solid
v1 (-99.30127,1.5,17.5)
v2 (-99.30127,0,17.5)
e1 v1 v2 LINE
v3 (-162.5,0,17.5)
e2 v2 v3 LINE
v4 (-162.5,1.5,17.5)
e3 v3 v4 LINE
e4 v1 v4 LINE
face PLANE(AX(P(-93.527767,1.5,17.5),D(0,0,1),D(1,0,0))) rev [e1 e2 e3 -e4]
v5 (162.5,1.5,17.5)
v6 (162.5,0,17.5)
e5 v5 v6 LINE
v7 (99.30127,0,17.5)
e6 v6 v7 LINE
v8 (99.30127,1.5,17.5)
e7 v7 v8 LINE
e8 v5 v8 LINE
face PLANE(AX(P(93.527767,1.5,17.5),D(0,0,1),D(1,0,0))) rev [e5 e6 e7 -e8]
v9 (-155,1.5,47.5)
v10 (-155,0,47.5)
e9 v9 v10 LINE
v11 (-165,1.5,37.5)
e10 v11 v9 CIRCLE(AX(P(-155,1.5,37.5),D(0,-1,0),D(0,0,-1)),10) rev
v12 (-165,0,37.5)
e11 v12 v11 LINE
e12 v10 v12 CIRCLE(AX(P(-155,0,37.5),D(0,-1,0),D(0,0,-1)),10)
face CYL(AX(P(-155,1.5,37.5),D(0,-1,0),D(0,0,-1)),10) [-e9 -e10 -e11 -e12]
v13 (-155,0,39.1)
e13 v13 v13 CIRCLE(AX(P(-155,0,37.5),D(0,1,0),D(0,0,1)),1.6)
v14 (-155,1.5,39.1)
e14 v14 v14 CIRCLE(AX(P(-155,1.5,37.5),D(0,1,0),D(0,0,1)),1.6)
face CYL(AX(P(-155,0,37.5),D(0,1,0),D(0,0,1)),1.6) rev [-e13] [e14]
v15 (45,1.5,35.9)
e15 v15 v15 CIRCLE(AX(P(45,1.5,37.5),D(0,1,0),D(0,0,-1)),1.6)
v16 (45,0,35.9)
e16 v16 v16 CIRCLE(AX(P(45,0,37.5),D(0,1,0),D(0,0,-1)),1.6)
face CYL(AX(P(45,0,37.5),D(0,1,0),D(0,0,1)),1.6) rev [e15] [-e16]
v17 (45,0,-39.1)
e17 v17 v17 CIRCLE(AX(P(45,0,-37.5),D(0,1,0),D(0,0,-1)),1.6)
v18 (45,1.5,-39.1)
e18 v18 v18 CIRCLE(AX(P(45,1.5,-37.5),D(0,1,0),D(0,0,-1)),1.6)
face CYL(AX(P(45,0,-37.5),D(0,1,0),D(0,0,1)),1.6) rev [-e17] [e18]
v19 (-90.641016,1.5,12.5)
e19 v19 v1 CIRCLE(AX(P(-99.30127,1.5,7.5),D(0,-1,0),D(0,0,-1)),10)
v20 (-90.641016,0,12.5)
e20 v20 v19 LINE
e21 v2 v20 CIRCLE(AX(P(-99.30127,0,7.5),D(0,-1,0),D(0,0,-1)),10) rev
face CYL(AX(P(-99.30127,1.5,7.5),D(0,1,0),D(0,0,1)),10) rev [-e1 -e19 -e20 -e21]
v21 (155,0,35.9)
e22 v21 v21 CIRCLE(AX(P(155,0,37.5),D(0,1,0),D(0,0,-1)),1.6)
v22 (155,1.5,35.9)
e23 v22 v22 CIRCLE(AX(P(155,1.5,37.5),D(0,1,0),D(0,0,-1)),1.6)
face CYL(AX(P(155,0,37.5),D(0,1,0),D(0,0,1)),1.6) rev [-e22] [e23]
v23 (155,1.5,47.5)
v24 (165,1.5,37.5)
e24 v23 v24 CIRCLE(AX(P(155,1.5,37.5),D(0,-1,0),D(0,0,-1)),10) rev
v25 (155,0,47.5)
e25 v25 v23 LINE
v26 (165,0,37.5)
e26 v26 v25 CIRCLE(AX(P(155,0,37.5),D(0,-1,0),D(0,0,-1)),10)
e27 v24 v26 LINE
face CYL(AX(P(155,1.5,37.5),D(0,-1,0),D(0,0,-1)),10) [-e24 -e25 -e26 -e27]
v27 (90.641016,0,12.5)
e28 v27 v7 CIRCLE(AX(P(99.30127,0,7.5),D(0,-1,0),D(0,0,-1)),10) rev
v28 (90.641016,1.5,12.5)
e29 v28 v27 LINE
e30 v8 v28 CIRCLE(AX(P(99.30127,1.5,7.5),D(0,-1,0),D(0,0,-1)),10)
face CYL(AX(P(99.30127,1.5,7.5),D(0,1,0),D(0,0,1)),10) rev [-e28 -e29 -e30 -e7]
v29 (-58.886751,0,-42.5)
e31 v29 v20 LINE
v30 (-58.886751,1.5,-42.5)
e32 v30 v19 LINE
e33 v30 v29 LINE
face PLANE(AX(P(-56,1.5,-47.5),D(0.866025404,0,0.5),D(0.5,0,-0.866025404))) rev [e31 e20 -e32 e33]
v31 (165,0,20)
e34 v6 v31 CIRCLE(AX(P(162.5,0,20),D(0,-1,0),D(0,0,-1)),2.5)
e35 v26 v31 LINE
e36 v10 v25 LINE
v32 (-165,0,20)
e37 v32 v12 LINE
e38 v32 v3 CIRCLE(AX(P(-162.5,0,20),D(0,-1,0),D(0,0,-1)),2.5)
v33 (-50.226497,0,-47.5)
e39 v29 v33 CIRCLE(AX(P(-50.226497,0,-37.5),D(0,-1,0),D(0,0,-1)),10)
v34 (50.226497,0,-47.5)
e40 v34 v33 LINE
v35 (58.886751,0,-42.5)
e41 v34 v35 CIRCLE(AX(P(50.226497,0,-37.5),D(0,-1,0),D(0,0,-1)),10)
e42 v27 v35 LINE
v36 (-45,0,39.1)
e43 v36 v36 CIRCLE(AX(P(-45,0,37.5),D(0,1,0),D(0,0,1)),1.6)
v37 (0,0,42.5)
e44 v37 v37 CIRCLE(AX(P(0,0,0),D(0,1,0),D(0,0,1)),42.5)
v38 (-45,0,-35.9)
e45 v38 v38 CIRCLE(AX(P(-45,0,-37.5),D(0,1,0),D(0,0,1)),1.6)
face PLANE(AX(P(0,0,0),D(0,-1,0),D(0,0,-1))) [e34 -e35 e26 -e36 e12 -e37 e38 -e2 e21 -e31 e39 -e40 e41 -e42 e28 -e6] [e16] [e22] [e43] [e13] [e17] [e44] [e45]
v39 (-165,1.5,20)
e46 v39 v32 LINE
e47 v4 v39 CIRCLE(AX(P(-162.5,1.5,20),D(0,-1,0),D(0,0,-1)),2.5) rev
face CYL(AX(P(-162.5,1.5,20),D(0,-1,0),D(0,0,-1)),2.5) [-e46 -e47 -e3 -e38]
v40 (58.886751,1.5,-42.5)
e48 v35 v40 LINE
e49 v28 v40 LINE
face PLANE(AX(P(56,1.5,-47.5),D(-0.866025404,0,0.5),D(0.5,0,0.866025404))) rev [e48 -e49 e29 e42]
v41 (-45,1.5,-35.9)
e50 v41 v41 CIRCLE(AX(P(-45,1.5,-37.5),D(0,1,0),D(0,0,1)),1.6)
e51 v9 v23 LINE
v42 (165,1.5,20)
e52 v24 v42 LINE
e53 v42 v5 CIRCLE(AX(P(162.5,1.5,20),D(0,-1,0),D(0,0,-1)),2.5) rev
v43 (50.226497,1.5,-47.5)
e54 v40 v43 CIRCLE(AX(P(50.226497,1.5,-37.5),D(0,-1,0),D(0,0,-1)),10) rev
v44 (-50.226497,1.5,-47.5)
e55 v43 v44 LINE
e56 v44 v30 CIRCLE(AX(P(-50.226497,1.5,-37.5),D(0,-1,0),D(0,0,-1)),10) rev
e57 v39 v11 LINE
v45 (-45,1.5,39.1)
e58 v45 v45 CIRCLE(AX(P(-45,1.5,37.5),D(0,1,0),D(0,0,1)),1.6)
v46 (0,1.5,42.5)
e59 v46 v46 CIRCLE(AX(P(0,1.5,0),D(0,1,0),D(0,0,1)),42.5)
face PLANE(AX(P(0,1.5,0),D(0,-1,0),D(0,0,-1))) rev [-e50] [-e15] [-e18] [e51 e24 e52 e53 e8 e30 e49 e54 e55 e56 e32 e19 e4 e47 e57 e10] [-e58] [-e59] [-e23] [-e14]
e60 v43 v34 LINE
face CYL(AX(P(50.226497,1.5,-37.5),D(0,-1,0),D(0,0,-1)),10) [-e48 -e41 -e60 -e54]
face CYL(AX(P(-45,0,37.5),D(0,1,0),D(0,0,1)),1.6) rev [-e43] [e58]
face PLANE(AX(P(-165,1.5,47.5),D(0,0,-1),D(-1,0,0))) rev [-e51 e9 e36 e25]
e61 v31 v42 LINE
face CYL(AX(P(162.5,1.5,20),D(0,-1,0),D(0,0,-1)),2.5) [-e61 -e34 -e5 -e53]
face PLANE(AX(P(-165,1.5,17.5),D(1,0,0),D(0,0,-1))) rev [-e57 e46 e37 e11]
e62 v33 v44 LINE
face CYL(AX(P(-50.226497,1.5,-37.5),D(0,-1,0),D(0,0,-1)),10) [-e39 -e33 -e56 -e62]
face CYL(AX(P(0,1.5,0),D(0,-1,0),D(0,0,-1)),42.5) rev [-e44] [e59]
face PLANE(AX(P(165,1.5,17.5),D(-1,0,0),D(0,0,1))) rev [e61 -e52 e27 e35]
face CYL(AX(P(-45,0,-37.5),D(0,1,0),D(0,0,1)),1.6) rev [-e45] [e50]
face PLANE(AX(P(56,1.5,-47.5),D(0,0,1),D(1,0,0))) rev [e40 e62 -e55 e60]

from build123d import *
from OCP.BRepFilletAPI import BRepFilletAPI_MakeFillet

# Parameters (mm, degrees)
ESQUISSE1_R             = 42.5
BOSS_EXTRU_1_DEPTH      = 1.5
CONG_1_R1               = 10
CONG_1_R2               = 2.5
ESQUISSE2_R             = 1.6
ENL_V_MAT_EXTRU_1_DEPTH = 172.707600298


with BuildPart() as part:
    # Esquisse1 → Boss.-Extru.1 (new body)
    with BuildSketch(Plane(origin=(0, 0, 0), x_dir=(1, 0, 0), z_dir=(0, 1, 0))):
        Polygon((56, 47.5), (-56, 47.5), (-93.527767497, -17.5), (-165, -17.5), (-165, -47.5), (165, -47.5), (165, -17.5), (93.527767497, -17.5), align=None)
        Circle(ESQUISSE1_R, mode=Mode.SUBTRACT)
    extrude(amount=BOSS_EXTRU_1_DEPTH)

    # Congé1: one fillet with a radius per group of edges: ONE call of the kernel's fillet builder (fillet() takes one radius for all edges)
    cong_1_edges_1 = [part.edges().sort_by_distance(p)[0] for p in [
        (-165, 0.75, 47.5),
        (165, 0.75, 47.5),
        (-93.527767497, 0.75, 17.5),
        (-56, 0.75, -47.5),
        (56, 0.75, -47.5),
        (93.527767497, 0.75, 17.5),
    ]]
    cong_1_edges_2 = [part.edges().sort_by_distance(p)[0] for p in [
        (165, 0.75, 17.5),
        (-165, 0.75, 17.5),
    ]]
    cong_1 = BRepFilletAPI_MakeFillet(part.part.solid().wrapped)
    for e in cong_1_edges_1:
        cong_1.Add(CONG_1_R1, e.wrapped)
    for e in cong_1_edges_2:
        cong_1.Add(CONG_1_R2, e.wrapped)
    add(Compound.cast(cong_1.Shape()), mode=Mode.REPLACE)

    # Esquisse2 → Enlèv. mat.-Extru.1 (cut, through all)
    with BuildSketch(Plane(origin=(0, 1.5, 0), x_dir=(1, 0, 0), z_dir=(0, 1, 0))):
        with Locations((-155, -37.5)):
            Circle(ESQUISSE2_R)
        with Locations((-45, -37.5)):
            Circle(ESQUISSE2_R)
        with Locations((-45, 37.5)):
            Circle(ESQUISSE2_R)
        with Locations((45, -37.5)):
            Circle(ESQUISSE2_R)
        with Locations((45, 37.5)):
            Circle(ESQUISSE2_R)
        with Locations((155, -37.5)):
            Circle(ESQUISSE2_R)
    extrude(amount=-ENL_V_MAT_EXTRU_1_DEPTH, mode=Mode.SUBTRACT)


solid = part.part
